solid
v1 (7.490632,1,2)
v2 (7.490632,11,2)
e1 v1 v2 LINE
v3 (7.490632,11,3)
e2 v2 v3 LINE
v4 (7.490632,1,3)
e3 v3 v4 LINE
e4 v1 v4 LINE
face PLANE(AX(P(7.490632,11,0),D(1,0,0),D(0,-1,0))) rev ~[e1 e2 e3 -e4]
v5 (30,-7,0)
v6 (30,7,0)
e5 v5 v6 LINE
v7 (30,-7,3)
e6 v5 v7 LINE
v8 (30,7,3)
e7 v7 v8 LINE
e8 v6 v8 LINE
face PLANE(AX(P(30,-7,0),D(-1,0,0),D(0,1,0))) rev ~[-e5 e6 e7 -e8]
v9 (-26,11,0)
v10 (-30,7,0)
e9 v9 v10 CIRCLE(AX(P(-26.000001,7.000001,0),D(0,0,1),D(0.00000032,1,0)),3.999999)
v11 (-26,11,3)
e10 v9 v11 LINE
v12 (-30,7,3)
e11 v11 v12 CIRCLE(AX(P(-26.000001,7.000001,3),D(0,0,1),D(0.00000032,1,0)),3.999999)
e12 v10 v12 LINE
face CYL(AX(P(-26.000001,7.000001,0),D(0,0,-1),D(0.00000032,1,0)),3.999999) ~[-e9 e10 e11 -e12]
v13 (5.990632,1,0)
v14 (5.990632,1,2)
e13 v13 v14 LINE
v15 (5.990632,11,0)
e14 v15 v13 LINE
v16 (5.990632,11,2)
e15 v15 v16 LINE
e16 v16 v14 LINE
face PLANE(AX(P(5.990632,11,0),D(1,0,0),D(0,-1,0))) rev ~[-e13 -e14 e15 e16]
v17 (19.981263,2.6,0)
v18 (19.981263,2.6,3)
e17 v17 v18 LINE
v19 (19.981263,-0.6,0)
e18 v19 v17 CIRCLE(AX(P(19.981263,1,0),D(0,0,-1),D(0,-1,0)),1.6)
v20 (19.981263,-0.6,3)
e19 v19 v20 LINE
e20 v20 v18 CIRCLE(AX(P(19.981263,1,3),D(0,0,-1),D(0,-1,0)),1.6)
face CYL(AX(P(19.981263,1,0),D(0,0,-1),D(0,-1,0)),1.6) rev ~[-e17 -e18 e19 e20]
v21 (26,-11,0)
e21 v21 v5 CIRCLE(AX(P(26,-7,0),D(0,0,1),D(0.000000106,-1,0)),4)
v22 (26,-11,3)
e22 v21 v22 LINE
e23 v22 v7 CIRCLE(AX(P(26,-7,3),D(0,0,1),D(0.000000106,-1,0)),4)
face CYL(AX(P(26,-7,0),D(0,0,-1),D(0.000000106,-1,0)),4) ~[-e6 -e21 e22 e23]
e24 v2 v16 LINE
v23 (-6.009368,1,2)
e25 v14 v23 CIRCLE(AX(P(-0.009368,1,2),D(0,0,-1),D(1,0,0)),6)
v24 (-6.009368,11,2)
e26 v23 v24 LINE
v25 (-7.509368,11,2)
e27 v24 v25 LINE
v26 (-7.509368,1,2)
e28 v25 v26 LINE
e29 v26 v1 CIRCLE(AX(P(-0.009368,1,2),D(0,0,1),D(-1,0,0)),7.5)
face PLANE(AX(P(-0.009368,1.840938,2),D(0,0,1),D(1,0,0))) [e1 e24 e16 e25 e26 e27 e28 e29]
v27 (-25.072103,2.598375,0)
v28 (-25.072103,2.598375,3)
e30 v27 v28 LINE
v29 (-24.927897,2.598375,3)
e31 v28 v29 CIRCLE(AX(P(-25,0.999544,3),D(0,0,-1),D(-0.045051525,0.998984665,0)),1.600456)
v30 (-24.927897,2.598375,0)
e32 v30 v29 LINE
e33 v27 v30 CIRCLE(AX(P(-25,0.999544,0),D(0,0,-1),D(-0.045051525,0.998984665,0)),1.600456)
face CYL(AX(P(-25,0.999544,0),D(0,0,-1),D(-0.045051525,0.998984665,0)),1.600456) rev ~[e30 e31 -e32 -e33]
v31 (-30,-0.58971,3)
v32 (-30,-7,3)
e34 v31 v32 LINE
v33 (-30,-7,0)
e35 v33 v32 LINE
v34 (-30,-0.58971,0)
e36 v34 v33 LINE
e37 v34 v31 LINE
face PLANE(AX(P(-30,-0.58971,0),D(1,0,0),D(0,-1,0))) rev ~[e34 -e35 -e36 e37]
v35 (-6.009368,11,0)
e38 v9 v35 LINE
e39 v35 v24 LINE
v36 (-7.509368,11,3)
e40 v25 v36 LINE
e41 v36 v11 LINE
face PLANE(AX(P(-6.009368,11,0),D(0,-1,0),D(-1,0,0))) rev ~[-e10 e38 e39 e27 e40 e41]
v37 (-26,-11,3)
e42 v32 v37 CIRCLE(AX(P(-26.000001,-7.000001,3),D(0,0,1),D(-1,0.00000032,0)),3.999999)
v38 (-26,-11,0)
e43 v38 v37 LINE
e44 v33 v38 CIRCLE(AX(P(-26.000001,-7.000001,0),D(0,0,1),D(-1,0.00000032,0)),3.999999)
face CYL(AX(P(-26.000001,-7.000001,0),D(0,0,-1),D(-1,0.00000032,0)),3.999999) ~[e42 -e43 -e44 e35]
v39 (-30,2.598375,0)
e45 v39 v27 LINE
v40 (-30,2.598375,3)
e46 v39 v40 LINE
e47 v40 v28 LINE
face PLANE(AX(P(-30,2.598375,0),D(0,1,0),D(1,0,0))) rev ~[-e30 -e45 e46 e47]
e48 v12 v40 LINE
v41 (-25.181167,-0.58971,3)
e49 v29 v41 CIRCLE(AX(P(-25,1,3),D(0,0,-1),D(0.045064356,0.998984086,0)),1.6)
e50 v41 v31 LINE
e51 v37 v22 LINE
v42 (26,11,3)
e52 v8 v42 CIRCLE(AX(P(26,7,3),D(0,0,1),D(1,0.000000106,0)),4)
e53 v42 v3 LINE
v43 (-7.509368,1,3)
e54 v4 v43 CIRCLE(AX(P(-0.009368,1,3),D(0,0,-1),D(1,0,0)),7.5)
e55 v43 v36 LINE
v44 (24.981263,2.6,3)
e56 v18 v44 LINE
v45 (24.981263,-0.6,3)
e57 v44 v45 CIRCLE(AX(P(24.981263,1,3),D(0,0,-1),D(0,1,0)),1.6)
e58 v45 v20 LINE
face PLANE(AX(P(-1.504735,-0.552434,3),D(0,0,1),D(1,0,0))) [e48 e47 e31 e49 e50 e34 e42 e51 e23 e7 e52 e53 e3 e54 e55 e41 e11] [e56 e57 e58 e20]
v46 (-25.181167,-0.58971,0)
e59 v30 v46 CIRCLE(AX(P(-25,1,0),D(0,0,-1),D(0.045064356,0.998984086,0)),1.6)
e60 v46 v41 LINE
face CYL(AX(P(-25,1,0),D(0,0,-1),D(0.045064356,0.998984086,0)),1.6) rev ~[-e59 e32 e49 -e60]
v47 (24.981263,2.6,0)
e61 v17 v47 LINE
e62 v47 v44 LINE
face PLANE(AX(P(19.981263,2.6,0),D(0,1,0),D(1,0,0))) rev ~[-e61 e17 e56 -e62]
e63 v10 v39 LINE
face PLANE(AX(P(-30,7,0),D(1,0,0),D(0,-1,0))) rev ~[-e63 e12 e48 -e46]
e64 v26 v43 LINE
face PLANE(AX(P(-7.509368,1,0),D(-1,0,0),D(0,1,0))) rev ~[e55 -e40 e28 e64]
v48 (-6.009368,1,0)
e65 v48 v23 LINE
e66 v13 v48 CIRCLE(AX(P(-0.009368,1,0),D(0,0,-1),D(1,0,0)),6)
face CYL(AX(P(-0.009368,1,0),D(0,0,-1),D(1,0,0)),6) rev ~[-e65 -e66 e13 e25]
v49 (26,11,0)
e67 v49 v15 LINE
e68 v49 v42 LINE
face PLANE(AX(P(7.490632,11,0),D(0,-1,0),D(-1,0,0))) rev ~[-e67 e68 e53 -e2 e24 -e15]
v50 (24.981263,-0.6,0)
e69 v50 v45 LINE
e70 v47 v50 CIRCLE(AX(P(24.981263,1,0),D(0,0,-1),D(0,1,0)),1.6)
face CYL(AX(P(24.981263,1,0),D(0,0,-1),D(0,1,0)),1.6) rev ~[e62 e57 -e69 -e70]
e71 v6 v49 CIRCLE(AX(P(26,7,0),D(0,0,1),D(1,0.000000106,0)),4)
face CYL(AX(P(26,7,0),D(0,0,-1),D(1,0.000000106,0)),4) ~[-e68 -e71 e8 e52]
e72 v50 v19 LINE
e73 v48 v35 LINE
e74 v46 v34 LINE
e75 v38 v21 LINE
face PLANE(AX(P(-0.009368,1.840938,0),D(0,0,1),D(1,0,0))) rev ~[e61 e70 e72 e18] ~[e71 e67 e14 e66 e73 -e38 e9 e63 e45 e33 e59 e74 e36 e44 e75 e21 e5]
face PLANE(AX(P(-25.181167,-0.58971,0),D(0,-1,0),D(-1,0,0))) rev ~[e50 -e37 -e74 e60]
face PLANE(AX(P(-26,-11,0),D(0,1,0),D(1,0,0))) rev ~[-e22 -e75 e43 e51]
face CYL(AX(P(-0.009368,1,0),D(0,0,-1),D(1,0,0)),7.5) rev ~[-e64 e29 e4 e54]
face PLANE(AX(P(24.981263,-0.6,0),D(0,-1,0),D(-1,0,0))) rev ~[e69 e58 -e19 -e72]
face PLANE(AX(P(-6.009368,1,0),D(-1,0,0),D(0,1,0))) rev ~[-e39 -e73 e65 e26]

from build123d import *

# Parameters (mm, degrees)
F1_DEPTH = 3
F2_DEPTH = 2


with BuildPart() as f1:
    # F0 (on Top) → F1 (new body)
    with BuildSketch(Plane.XY):
        with BuildLine():
            Line((-26, -11), (26, -11))
            ThreePointArc((26, -11), (28.828427, -9.828427), (30, -7))
            Line((30, -7), (30, 7))
            ThreePointArc((30, 7), (28.828427, 9.828427), (26, 11))
            Line((26, 11), (7.490632, 11))
            Line((7.490632, 11), (7.490632, 1))
            ThreePointArc((7.490632, 1), (-0.009368, -6.5), (-7.509368, 1))
            Line((-7.509368, 1), (-7.509368, 11))
            Line((-7.509368, 11), (-26, 11))
            ThreePointArc((-26, 11), (-28.828428, 9.828427), (-30, 7))
            Line((-30, 7), (-30, 2.598375))
            Line((-30, 2.598375), (-25.072103, 2.598375))
            ThreePointArc((-25.072103, 2.598375), (-25, 2.6), (-24.927897, 2.598375))
            ThreePointArc((-24.927897, 2.598375), (-23.405025, 0.873291), (-25.181167, -0.58971))
            Line((-25.181167, -0.58971), (-30, -0.58971))
            Line((-30, -0.58971), (-30, -7))
            ThreePointArc((-30, -7), (-28.828428, -9.828427), (-26, -11))
        make_face()
        with BuildLine():
            ThreePointArc((24.981263, 2.6), (26.581263, 1), (24.981263, -0.6))
            Line((24.981263, -0.6), (19.981263, -0.6))
            ThreePointArc((19.981263, -0.6), (18.381263, 1), (19.981263, 2.6))
            Line((19.981263, 2.6), (24.981263, 2.6))
        make_face(mode=Mode.SUBTRACT)
    extrude(amount=F1_DEPTH)

    # F0 (on Top) → F2 (join)
    with BuildSketch(Plane.XY):
        with BuildLine():
            Line((7.490632, 1), (7.490632, 11))
            Line((7.490632, 11), (5.990632, 11))
            Line((5.990632, 11), (5.990632, 1))
            ThreePointArc((5.990632, 1), (-0.009368, -5), (-6.009368, 1))
            Line((-6.009368, 1), (-6.009368, 11))
            Line((-6.009368, 11), (-7.509368, 11))
            Line((-7.509368, 11), (-7.509368, 1))
            ThreePointArc((-7.509368, 1), (-0.009368, -6.5), (7.490632, 1))
        make_face()
    extrude(amount=F2_DEPTH)


solid = f1.part
